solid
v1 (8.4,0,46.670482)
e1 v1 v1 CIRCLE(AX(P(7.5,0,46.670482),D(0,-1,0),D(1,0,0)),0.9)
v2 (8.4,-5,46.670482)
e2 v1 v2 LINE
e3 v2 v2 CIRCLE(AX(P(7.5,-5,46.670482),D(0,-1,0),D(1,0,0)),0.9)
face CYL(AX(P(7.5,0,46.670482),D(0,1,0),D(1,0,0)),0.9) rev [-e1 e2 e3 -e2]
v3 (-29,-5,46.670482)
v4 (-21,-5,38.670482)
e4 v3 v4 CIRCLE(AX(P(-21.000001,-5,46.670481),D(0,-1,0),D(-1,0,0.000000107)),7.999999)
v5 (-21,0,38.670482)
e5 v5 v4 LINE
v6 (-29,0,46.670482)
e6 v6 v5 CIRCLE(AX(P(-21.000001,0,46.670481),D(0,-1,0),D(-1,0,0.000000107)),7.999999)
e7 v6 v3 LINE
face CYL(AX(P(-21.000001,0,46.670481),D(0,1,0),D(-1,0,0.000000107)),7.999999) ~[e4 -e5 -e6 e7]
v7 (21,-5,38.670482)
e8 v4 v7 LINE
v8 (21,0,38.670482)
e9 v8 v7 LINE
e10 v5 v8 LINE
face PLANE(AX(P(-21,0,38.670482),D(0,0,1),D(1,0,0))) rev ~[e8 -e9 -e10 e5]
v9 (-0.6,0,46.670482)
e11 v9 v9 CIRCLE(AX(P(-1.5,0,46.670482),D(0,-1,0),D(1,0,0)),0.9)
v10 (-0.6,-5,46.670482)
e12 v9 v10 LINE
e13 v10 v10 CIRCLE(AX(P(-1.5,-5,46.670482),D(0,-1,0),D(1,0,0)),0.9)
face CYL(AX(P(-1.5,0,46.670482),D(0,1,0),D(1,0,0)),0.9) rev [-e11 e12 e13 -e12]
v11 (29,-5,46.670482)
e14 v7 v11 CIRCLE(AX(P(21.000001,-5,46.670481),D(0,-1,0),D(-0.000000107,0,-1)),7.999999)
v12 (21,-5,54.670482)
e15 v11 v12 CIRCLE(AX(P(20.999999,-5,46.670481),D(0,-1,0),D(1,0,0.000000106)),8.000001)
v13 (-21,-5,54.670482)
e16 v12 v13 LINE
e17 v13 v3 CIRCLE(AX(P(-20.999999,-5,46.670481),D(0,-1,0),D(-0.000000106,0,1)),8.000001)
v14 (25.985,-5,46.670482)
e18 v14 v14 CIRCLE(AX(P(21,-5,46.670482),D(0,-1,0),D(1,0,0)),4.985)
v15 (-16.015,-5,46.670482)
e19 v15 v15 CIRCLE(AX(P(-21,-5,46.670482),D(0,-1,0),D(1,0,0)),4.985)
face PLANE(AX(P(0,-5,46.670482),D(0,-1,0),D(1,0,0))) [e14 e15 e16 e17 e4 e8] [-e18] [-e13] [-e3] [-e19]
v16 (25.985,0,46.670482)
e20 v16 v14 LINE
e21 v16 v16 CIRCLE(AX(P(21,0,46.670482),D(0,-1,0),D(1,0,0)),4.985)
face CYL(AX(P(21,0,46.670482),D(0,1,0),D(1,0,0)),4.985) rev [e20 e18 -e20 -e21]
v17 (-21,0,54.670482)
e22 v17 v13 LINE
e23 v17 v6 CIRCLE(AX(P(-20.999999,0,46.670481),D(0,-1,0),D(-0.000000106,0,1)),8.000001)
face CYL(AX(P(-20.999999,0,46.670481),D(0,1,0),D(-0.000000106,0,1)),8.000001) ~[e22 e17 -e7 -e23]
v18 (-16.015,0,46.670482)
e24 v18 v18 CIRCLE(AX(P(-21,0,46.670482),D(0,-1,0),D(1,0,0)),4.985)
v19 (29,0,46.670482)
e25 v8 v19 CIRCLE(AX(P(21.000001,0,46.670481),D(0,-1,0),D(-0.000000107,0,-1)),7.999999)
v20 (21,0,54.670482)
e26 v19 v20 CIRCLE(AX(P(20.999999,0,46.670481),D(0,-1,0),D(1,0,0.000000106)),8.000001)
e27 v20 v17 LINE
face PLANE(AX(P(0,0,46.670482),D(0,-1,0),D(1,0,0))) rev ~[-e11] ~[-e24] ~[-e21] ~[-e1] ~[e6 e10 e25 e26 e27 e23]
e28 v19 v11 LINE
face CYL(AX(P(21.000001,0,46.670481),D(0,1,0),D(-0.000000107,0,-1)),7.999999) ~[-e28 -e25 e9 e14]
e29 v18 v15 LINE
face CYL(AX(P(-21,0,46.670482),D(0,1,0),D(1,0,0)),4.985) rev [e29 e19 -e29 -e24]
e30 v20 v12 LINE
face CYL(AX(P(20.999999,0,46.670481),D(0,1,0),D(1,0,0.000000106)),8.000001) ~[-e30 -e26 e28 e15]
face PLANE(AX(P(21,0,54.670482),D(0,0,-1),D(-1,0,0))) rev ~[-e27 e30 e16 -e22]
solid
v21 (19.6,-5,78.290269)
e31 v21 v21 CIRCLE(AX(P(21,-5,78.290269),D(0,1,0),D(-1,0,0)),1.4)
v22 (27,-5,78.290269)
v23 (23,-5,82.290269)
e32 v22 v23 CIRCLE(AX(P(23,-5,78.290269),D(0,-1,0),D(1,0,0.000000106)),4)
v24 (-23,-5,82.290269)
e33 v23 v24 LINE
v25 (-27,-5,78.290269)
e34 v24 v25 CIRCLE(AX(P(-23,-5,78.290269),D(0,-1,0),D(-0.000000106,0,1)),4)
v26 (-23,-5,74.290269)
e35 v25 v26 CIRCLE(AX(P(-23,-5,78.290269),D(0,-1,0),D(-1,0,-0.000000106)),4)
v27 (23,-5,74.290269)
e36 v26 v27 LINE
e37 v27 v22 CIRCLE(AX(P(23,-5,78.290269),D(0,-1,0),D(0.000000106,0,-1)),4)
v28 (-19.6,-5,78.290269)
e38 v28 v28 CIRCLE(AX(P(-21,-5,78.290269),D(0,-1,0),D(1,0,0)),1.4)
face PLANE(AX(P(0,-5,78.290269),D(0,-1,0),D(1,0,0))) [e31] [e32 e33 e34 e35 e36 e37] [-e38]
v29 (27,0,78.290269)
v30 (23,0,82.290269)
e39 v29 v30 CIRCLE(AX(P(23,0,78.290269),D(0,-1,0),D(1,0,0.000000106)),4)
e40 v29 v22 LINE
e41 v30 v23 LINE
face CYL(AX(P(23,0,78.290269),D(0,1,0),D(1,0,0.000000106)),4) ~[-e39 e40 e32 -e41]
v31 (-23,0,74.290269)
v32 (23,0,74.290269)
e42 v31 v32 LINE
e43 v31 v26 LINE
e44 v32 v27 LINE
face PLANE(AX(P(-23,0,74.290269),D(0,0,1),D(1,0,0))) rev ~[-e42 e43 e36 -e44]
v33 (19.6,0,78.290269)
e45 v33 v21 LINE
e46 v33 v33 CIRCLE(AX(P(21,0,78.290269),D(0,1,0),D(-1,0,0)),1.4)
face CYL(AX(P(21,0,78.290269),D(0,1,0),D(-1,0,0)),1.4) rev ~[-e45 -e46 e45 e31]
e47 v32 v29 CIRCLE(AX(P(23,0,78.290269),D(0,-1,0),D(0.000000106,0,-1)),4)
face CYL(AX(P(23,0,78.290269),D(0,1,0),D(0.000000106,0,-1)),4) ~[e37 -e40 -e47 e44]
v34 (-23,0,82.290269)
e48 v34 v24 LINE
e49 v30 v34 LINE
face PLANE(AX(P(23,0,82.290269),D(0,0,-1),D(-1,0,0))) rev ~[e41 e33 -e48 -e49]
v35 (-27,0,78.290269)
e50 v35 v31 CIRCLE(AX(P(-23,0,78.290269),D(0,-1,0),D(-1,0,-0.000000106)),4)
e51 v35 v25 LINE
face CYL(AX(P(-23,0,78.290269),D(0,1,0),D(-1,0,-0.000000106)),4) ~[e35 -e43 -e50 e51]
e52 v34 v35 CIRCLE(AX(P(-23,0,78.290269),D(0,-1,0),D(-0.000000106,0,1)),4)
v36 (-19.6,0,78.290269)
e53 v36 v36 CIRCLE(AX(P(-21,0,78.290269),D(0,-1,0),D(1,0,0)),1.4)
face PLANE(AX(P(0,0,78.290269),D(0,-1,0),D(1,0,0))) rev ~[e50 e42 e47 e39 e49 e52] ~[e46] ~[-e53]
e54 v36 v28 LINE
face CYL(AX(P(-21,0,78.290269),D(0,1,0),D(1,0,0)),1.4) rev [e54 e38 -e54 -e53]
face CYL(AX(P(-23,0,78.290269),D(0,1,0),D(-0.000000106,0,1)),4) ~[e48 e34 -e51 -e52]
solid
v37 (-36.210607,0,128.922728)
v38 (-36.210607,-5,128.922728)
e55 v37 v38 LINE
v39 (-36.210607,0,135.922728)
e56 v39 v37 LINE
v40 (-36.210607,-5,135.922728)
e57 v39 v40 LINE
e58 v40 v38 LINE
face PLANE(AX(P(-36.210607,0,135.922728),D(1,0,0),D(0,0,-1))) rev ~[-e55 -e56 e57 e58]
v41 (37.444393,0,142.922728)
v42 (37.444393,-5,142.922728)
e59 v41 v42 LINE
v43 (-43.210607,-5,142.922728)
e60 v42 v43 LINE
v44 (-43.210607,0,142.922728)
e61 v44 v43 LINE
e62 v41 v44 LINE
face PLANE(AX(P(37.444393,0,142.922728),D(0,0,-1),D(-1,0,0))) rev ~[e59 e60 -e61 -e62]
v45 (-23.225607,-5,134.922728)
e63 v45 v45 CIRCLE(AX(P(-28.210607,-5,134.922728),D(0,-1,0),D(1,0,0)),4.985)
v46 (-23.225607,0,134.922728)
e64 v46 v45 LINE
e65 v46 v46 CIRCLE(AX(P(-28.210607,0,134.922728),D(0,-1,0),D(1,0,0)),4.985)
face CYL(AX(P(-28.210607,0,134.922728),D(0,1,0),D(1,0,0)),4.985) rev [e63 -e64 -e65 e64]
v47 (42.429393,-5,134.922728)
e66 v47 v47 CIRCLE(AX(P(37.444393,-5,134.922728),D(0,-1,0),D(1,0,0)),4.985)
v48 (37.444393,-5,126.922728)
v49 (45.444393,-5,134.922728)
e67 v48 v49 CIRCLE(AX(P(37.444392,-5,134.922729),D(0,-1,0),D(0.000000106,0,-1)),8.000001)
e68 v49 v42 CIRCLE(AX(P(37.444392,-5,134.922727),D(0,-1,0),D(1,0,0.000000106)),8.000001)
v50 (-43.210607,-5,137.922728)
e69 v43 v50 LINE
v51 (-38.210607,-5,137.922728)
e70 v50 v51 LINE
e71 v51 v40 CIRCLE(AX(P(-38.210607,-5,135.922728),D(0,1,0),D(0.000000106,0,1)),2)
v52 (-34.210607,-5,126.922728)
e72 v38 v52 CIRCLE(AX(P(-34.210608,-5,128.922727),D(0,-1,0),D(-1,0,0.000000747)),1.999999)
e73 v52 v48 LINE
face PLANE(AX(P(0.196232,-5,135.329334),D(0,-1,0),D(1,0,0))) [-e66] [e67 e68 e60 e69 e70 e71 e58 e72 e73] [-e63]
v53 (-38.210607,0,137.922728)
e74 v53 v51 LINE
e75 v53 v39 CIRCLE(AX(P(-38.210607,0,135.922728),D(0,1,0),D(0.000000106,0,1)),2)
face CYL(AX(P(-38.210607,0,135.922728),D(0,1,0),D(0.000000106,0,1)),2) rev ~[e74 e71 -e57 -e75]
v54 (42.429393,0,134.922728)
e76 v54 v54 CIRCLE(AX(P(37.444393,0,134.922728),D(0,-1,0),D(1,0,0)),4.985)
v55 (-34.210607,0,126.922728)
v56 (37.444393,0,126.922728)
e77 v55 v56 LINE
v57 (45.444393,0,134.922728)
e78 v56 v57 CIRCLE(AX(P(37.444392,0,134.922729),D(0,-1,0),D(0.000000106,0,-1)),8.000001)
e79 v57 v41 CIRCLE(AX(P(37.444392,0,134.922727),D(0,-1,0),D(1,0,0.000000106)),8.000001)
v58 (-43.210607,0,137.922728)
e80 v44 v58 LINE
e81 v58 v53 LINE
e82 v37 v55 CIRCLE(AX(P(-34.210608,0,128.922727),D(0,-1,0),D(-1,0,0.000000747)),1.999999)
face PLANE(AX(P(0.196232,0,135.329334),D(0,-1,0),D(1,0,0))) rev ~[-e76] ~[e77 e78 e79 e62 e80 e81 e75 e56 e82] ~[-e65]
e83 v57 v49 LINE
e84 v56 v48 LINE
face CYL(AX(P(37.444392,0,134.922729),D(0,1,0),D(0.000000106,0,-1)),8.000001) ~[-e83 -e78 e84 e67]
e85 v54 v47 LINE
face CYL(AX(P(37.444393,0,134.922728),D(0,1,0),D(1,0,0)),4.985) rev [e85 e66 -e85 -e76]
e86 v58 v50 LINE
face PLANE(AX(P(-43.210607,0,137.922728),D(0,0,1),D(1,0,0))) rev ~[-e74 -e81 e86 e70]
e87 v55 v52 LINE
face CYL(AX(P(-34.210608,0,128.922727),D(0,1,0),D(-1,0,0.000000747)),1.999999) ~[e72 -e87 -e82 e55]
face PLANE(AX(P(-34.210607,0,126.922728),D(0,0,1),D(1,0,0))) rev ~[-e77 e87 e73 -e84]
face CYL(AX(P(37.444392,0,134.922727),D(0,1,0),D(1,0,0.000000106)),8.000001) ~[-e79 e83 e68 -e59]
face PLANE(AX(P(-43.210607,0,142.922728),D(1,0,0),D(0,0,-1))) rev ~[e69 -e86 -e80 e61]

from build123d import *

# Parameters (mm, degrees)
F0_R     = 4.985
F0_R_2   = 1.4
F0_R_3   = 0.9
F1_DEPTH = 5


with BuildPart() as f1:
    # F0 (on Front) → F1 (new body)
    with BuildSketch(Plane.XZ):
        with BuildLine():
            Line((-34.210607, 126.922728), (37.444393, 126.922728))
            ThreePointArc((37.444393, 126.922728), (43.101247, 129.265874), (45.444393, 134.922728))
            ThreePointArc((45.444393, 134.922728), (43.101247, 140.579582), (37.444393, 142.922728))
            Line((37.444393, 142.922728), (-32.210607, 142.922728))
            Line((-32.210607, 142.922728), (-43.210607, 142.922728))
            Line((-43.210607, 142.922728), (-43.210607, 137.922728))
            Line((-43.210607, 137.922728), (-38.210607, 137.922728))
            ThreePointArc((-38.210607, 137.922728), (-36.796394, 137.336942), (-36.210607, 135.922728))
            Line((-36.210607, 135.922728), (-36.210607, 128.922728))
            ThreePointArc((-36.210607, 128.922728), (-35.624821, 127.508514), (-34.210607, 126.922728))
        make_face()
        with Locations((-28.210607, 134.922728)):
            Circle(F0_R, mode=Mode.SUBTRACT)
        with Locations((37.444393, 134.922728)):
            Circle(F0_R, mode=Mode.SUBTRACT)
        with BuildLine():
            Line((-23, 74.290269), (23, 74.290269))
            ThreePointArc((23, 74.290269), (25.828427, 75.461842), (27, 78.290269))
            ThreePointArc((27, 78.290269), (25.828427, 81.118696), (23, 82.290269))
            Line((23, 82.290269), (-23, 82.290269))
            ThreePointArc((-23, 82.290269), (-25.828427, 81.118696), (-27, 78.290269))
            ThreePointArc((-27, 78.290269), (-25.828427, 75.461842), (-23, 74.290269))
        make_face()
        with Locations((-21, 78.290269)):
            Circle(F0_R_2, mode=Mode.SUBTRACT)
        with BuildLine():
            ThreePointArc((22.4, 78.290269), (21, 76.890269), (19.6, 78.290269))
            ThreePointArc((19.6, 78.290269), (21, 79.690269), (22.4, 78.290269))
        make_face(mode=Mode.SUBTRACT)
        with BuildLine():
            Line((-21, 38.670482), (21, 38.670482))
            ThreePointArc((21, 38.670482), (26.656854, 41.013627), (29, 46.670482))
            ThreePointArc((29, 46.670482), (26.656854, 52.327336), (21, 54.670482))
            Line((21, 54.670482), (-21, 54.670482))
            ThreePointArc((-21, 54.670482), (-26.656854, 52.327336), (-29, 46.670482))
            ThreePointArc((-29, 46.670482), (-26.656854, 41.013627), (-21, 38.670482))
        make_face()
        with Locations((-21, 46.670482)):
            Circle(F0_R, mode=Mode.SUBTRACT)
        with Locations((-1.5, 46.670482)):
            Circle(F0_R_3, mode=Mode.SUBTRACT)
        with Locations((7.5, 46.670482)):
            Circle(F0_R_3, mode=Mode.SUBTRACT)
        with Locations((21, 46.670482)):
            Circle(F0_R, mode=Mode.SUBTRACT)
    extrude(amount=F1_DEPTH)


solid = f1.part
